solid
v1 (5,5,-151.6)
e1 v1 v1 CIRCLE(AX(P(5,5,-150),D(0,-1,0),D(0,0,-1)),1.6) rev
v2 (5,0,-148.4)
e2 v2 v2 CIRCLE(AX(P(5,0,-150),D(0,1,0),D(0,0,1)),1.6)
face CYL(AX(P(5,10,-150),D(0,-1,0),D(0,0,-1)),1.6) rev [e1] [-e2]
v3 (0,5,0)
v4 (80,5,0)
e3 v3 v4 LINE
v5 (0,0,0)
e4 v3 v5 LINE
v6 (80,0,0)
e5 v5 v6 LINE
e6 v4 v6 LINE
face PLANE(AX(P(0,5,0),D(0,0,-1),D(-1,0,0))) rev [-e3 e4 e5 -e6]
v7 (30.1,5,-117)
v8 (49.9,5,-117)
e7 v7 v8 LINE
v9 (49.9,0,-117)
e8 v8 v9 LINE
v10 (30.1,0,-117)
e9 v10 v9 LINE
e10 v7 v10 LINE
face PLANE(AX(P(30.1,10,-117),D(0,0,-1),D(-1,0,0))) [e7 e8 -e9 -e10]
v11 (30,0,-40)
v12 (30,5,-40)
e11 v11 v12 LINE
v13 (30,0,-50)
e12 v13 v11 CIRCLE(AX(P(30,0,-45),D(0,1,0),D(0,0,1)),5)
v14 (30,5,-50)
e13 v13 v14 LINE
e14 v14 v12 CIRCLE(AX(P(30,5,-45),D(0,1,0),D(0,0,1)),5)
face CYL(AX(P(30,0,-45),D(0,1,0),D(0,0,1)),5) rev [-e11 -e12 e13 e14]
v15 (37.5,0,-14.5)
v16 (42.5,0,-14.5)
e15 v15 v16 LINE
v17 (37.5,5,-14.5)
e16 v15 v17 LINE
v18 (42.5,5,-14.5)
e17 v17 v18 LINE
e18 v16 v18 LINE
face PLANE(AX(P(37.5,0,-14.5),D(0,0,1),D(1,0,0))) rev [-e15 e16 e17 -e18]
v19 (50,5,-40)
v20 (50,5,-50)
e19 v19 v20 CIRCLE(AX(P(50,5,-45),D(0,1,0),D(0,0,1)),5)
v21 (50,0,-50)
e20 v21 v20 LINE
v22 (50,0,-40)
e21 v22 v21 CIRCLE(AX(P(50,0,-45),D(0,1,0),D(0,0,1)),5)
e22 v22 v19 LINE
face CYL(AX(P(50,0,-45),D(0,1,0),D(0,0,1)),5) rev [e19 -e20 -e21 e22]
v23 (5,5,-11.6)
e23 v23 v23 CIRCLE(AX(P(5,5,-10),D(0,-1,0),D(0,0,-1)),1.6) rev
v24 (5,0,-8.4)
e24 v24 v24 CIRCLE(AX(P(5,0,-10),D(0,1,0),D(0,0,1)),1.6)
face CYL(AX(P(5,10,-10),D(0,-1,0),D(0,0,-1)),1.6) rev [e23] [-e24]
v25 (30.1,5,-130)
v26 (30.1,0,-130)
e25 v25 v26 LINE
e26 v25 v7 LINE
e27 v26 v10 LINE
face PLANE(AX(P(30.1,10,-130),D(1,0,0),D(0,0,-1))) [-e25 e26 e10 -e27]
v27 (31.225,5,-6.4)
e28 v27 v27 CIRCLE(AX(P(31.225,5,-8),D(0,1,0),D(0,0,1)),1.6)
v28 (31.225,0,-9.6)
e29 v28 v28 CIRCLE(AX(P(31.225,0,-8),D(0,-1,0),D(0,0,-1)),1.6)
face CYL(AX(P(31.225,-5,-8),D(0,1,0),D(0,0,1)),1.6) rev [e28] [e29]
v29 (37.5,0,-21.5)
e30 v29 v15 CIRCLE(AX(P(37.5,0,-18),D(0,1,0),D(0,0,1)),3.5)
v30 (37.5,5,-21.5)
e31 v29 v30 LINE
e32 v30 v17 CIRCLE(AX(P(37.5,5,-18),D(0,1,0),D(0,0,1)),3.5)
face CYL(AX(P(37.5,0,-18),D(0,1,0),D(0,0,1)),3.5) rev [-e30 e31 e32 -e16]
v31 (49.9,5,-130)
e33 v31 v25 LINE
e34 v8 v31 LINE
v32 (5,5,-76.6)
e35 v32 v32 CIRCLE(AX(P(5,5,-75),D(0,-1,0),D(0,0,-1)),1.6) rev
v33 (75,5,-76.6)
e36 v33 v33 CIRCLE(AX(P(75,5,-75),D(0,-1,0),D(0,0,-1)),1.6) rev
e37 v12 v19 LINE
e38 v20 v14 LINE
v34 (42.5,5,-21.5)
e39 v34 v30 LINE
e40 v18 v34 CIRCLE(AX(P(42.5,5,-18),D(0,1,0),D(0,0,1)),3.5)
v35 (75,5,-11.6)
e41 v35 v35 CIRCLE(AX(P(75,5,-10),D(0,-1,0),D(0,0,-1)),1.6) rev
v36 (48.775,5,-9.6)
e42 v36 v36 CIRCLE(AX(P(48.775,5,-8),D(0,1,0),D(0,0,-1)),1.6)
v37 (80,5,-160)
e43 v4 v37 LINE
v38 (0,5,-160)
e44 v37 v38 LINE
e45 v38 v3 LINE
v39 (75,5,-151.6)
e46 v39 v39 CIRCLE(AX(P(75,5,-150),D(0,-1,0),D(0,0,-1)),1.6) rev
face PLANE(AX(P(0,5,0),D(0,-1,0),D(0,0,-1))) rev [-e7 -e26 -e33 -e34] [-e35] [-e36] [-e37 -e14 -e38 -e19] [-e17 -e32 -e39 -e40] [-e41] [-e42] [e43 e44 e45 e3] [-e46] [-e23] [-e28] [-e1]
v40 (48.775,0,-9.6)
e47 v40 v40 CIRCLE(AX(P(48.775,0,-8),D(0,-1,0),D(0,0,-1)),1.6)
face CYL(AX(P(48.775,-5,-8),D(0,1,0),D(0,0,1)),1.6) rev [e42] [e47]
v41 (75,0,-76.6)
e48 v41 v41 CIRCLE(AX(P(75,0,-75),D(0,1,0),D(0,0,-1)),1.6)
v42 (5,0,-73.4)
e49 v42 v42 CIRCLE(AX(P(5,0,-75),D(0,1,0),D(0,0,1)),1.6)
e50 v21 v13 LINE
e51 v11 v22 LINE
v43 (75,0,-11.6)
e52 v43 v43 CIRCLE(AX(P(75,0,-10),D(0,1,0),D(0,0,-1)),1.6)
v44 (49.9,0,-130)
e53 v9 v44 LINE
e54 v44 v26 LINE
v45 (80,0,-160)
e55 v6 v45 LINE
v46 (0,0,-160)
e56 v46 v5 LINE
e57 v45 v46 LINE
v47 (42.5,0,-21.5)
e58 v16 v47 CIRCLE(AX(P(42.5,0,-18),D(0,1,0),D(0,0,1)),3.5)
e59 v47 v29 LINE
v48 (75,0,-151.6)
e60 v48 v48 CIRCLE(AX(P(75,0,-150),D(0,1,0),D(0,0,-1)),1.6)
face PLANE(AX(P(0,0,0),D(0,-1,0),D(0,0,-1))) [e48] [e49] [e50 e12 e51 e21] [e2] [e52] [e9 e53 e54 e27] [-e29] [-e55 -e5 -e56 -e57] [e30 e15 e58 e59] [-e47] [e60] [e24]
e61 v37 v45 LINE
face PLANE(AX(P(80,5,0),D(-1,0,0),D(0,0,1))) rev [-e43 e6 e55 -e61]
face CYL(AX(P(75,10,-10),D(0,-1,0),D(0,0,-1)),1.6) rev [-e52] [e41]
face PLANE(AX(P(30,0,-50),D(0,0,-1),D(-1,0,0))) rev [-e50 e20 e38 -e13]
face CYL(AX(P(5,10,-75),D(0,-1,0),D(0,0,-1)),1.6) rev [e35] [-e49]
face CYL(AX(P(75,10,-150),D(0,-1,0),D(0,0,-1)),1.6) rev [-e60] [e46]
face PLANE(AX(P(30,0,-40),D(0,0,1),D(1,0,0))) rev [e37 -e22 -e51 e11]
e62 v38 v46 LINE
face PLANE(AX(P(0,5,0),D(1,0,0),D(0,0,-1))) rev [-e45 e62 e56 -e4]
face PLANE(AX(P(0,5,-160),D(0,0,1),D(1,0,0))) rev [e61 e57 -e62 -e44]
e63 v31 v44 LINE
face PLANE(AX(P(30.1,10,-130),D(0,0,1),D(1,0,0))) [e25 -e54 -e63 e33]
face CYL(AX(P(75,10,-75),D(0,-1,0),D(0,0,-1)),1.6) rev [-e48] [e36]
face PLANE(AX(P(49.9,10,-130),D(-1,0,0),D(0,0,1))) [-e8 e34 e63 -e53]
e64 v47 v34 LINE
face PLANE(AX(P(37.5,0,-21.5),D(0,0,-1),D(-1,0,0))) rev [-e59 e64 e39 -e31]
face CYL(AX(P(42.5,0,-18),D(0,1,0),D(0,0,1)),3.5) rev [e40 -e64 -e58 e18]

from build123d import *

# Parameters (mm, degrees)
ESQUISSE1_W              = 80
ESQUISSE1_H              = 160
BOSS_EXTRU_1_DEPTH       = 5
ESQUISSE2_R              = 1.6
ENL_V_MAT_EXTRU_8_DEPTH  = 10
ESQUISSE3_W              = 19.8
ESQUISSE3_H              = 13
ENL_V_MAT_EXTRU_9_DEPTH  = 10
ESQUISSE4_R              = 1.6
ENL_V_MAT_EXTRU_10_DEPTH = 10
ENL_V_MAT_EXTRU_11_DEPTH = 179.955301682
ENL_V_MAT_EXTRU_12_DEPTH = 179.955301682


with BuildPart() as part:
    # Esquisse1 → Boss.-Extru.1 (new body)
    with BuildSketch(Plane(origin=(0, 0, 0), x_dir=(1, 0, 0), z_dir=(0, 1, 0))):
        with Locations((40, 80)):
            Rectangle(ESQUISSE1_W, ESQUISSE1_H)
    extrude(amount=BOSS_EXTRU_1_DEPTH)

    # Esquisse2 → Enlèv. mat.-Extru.8 (cut)
    with BuildSketch(Plane(origin=(0, 0, 0), x_dir=(1, 0, 0), z_dir=(0, 1, 0))):
        with Locations(Location((5, 150, 0), (0, 0, 90))):
            Circle(ESQUISSE2_R)
        with Locations(Location((5, 75, 0), (0, 0, 90))):
            Circle(ESQUISSE2_R)
        with Locations(Location((5, 10, 0), (0, 0, 90))):
            Circle(ESQUISSE2_R)
        with Locations(Location((75, 10, 0), (0, 0, 90))):
            Circle(ESQUISSE2_R)
        with Locations(Location((75, 75, 0), (0, 0, 90))):
            Circle(ESQUISSE2_R)
        with Locations(Location((75, 150, 0), (0, 0, 90))):
            Circle(ESQUISSE2_R)
    extrude(amount=ENL_V_MAT_EXTRU_8_DEPTH, mode=Mode.SUBTRACT)

    # Esquisse3 → Enlèv. mat.-Extru.9 (cut)
    with BuildSketch(Plane(origin=(0, 0, 0), x_dir=(1, 0, 0), z_dir=(0, 1, 0))):
        with Locations((40, 123.5)):
            Rectangle(ESQUISSE3_W, ESQUISSE3_H)
    extrude(amount=ENL_V_MAT_EXTRU_9_DEPTH, mode=Mode.SUBTRACT)

    # Esquisse4 → Enlèv. mat.-Extru.10 (cut)
    with BuildSketch(Plane(origin=(0, 5, 0), x_dir=(1, 0, 0), z_dir=(0, 1, 0))):
        with Locations(Location((31.225, 8, 0), (0, 0, 270))):
            Circle(ESQUISSE4_R)
        with Locations(Location((48.775, 8, 0), (0, 0, 90))):
            Circle(ESQUISSE4_R)
    extrude(amount=-ENL_V_MAT_EXTRU_10_DEPTH, mode=Mode.SUBTRACT)

    # Esquisse5 → Enlèv. mat.-Extru.11 (cut, through all)
    with BuildSketch(Plane(origin=(0, 5, 0), x_dir=(1, 0, 0), z_dir=(0, 1, 0))):
        with BuildLine():
            Line((37.5, 21.5), (42.5, 21.5))
            ThreePointArc((42.5, 21.5), (46, 18), (42.5, 14.5))
            Line((42.5, 14.5), (37.5, 14.5))
            ThreePointArc((37.5, 14.5), (34, 18), (37.5, 21.5))
        make_face()
    extrude(amount=-ENL_V_MAT_EXTRU_11_DEPTH, mode=Mode.SUBTRACT)

    # Esquisse6 → Enlèv. mat.-Extru.12 (cut, through all)
    with BuildSketch(Plane(origin=(0, 5, 0), x_dir=(1, 0, 0), z_dir=(0, 1, 0))):
        with BuildLine():
            Line((30, 50), (50, 50))
            ThreePointArc((50, 50), (55, 45), (50, 40))
            Line((50, 40), (30, 40))
            ThreePointArc((30, 40), (25, 45), (30, 50))
        make_face()
    extrude(amount=-ENL_V_MAT_EXTRU_12_DEPTH, mode=Mode.SUBTRACT)


solid = part.part
